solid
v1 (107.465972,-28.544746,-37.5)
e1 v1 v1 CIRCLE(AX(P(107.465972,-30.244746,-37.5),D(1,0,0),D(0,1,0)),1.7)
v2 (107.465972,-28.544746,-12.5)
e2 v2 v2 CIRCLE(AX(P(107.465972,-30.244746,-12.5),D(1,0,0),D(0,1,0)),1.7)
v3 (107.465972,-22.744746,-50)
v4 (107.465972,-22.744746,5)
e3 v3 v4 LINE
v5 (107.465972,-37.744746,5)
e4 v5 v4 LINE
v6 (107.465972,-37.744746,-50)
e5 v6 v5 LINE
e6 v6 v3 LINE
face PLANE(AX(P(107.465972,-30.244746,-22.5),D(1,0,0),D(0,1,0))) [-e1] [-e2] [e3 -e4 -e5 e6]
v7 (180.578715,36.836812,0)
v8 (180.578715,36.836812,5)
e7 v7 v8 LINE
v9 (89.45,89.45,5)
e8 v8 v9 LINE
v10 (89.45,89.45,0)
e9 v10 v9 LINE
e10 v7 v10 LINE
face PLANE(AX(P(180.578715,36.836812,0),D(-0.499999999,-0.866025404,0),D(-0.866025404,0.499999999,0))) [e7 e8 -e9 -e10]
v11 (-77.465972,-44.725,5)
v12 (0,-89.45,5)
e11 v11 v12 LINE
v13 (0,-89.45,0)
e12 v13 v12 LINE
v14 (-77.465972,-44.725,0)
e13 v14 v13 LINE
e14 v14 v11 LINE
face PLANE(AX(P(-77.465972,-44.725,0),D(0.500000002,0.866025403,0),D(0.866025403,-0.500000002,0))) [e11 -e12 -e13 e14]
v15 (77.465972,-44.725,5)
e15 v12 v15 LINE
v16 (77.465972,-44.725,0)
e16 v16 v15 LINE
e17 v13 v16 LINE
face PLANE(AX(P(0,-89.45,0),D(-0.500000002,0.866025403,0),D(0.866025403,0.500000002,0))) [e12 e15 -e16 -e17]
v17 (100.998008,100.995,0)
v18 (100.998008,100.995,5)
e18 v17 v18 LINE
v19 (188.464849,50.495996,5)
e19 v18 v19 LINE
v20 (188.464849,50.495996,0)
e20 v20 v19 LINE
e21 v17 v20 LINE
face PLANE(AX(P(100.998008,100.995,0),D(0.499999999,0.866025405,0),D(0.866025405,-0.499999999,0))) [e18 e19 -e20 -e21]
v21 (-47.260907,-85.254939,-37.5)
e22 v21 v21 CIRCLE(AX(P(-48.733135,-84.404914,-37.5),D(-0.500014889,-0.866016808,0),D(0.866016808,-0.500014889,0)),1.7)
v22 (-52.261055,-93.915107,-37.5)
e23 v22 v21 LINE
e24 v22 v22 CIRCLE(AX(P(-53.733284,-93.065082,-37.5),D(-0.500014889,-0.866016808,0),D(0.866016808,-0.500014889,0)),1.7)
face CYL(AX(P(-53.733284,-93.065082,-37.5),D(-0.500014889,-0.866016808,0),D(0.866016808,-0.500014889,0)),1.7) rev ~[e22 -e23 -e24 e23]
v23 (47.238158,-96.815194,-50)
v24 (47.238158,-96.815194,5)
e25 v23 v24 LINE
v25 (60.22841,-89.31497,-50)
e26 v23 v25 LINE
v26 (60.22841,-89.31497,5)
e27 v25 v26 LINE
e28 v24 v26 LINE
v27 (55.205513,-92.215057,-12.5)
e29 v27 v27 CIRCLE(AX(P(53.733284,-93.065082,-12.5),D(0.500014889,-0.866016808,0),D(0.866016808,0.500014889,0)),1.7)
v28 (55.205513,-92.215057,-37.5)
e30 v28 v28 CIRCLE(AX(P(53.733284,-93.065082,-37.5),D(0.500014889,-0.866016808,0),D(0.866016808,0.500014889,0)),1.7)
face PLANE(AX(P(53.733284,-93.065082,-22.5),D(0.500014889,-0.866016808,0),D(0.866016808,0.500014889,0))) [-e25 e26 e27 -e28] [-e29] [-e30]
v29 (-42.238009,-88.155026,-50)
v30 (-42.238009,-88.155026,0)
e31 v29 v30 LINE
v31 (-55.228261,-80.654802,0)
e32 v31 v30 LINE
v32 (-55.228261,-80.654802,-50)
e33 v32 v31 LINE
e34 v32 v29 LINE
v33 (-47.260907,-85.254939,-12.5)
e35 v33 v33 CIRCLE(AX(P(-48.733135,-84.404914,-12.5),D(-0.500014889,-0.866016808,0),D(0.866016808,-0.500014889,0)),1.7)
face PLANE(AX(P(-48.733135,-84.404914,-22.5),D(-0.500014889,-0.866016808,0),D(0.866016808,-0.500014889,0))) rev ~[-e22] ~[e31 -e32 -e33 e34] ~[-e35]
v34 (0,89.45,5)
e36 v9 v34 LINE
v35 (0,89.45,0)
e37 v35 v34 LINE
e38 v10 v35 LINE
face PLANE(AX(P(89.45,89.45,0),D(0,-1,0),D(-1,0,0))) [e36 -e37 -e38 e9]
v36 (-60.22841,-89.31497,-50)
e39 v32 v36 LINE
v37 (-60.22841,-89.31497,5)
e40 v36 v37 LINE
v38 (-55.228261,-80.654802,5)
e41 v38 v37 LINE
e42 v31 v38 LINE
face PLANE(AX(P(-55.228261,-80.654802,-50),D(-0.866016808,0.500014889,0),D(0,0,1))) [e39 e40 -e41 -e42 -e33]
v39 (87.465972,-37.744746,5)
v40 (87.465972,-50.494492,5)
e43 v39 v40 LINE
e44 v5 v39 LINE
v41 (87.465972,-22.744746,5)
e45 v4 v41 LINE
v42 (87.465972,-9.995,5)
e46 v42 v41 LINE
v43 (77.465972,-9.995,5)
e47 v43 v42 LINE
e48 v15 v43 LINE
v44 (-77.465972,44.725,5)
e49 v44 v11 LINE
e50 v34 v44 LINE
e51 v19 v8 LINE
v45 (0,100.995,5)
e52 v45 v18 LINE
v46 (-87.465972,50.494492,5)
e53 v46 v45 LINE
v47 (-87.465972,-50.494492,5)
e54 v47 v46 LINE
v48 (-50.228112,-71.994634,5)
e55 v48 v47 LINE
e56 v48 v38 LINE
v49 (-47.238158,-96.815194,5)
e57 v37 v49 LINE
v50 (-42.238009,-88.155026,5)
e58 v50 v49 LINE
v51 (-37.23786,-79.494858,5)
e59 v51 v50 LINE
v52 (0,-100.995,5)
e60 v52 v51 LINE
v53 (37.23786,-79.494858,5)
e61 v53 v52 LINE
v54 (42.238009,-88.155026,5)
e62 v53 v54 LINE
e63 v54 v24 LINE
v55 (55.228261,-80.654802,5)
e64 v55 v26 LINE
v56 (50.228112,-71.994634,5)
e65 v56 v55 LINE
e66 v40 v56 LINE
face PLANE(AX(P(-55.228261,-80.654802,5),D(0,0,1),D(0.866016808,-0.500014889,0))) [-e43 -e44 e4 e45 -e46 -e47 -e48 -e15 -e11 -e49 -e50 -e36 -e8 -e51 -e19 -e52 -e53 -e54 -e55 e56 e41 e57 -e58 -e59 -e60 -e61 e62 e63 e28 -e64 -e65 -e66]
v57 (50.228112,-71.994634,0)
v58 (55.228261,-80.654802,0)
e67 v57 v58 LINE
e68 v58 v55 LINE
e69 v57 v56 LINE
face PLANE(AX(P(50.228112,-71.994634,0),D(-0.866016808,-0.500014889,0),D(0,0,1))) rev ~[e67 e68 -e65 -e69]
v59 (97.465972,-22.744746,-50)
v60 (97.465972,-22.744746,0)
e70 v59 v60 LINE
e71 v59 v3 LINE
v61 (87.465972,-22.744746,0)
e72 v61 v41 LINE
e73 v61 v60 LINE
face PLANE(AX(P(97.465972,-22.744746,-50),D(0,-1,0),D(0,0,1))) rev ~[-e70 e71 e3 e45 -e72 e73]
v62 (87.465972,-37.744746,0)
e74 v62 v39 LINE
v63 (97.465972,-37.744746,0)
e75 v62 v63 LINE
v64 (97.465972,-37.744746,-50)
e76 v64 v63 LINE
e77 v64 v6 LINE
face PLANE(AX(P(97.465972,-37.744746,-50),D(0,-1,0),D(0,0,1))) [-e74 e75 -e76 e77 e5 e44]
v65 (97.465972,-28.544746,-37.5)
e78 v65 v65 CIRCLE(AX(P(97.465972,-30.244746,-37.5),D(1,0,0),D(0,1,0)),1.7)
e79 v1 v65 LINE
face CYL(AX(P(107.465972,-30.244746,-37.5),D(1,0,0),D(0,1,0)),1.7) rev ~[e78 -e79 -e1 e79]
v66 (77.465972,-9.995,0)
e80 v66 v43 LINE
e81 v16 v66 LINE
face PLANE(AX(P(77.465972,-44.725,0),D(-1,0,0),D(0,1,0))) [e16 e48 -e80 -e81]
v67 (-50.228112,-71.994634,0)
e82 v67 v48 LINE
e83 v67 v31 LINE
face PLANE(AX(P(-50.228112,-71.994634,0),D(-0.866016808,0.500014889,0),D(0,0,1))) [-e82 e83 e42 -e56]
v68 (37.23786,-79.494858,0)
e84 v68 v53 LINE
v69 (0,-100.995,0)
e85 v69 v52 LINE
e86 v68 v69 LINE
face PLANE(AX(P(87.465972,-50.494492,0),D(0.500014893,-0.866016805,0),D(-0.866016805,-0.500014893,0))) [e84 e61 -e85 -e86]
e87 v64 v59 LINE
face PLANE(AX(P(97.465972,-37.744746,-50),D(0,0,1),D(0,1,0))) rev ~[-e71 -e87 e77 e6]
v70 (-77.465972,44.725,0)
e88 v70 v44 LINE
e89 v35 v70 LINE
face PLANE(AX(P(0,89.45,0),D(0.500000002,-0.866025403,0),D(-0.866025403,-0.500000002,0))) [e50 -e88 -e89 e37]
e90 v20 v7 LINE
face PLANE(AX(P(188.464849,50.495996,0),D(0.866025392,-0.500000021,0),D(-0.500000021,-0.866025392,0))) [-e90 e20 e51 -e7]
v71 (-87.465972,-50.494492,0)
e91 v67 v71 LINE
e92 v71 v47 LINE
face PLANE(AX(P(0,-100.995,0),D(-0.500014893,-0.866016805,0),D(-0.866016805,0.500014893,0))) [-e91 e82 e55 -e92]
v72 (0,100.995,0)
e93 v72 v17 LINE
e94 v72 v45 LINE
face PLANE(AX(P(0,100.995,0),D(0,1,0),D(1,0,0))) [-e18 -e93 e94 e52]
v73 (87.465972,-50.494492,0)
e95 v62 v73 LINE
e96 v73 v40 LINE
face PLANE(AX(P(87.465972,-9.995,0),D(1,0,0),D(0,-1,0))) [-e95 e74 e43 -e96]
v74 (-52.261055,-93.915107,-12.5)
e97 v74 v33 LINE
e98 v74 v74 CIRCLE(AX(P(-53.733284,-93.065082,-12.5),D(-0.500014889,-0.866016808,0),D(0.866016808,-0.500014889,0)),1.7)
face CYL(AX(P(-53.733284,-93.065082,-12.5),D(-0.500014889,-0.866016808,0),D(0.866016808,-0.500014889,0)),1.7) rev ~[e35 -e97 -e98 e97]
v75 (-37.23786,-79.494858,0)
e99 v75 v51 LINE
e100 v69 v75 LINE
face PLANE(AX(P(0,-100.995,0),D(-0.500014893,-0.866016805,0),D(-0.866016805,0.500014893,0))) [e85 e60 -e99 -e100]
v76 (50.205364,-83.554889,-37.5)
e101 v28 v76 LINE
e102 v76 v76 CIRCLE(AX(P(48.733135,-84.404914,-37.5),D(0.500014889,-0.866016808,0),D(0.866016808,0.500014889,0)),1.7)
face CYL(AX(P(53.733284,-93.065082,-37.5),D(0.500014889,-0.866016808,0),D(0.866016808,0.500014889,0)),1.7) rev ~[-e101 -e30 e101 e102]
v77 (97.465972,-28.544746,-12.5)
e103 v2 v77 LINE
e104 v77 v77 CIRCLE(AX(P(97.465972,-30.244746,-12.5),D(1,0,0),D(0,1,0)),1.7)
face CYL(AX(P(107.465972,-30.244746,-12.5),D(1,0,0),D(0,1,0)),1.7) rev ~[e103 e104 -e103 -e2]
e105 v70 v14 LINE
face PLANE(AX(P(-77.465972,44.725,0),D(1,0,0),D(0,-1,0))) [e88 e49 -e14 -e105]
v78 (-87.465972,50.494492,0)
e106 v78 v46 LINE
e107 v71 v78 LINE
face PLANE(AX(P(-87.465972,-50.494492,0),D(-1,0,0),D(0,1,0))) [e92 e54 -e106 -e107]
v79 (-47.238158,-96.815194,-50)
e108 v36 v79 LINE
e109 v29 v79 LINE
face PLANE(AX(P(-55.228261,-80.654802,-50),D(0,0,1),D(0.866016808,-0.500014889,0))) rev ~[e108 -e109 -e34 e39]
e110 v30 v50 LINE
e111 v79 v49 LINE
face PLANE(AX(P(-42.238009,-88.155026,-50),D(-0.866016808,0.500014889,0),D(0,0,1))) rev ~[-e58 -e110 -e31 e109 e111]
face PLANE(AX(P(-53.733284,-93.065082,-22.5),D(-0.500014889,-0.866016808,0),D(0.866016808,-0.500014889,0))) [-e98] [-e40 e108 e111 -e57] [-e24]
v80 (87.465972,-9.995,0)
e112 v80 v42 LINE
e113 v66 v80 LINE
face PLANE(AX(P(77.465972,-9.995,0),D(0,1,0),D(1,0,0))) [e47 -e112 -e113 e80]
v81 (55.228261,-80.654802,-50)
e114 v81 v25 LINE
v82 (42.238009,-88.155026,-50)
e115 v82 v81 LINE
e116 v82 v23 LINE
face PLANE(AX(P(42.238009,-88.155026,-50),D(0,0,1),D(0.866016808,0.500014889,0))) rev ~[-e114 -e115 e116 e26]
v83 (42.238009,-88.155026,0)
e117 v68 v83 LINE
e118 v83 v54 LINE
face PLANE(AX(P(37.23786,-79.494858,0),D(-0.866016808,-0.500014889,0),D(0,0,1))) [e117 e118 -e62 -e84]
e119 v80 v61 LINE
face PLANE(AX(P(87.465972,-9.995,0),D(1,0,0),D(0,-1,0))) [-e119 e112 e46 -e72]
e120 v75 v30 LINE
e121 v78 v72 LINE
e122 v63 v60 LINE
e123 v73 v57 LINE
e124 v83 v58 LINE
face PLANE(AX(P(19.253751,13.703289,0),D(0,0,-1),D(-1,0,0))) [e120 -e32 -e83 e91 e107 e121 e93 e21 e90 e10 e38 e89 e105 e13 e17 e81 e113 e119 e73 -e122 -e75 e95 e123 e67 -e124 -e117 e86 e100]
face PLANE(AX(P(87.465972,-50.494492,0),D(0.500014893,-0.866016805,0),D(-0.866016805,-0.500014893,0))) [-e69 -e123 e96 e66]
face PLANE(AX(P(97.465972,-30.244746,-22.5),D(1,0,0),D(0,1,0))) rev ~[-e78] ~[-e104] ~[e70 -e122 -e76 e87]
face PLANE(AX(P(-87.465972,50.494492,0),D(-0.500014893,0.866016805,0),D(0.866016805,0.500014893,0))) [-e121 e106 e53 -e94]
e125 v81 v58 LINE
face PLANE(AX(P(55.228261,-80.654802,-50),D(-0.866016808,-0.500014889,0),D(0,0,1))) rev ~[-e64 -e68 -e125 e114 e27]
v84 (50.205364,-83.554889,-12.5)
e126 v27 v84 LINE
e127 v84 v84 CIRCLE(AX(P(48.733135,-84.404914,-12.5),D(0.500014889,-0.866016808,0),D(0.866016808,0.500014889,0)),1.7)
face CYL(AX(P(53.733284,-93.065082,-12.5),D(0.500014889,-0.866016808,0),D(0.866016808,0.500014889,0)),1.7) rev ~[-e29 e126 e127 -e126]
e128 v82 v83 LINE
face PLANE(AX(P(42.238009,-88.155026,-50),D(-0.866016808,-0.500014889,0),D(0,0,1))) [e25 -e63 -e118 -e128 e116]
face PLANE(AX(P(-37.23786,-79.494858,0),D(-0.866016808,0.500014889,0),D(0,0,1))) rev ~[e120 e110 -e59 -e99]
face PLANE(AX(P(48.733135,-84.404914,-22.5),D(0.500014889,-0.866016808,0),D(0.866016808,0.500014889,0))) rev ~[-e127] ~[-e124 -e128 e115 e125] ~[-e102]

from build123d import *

# Parameters (mm, degrees)
PAD_DEPTH      = 5
SKETCH001_W    = 15
SKETCH001_H    = 5
PAD001_DEPTH   = 10
SKETCH002_W    = 15
SKETCH002_H    = 5
PAD002_DEPTH   = 10
SKETCH003_W    = 15
SKETCH003_H    = 5
PAD003_DEPTH   = 10
SKETCH004_W    = 15
SKETCH004_H    = 55
PAD004_DEPTH   = 10
SKETCH005_R    = 1.7
HOLE_DEPTH     = 25
HOLE_TIPS_R    = 1.7
SKETCH006_W    = 15
SKETCH006_H    = 55
PAD005_DEPTH   = 10
SKETCH007_R    = 1.7
HOLE001_DEPTH  = 25
HOLE001_TIPS_R = 1.7
SKETCH008_W    = 15
SKETCH008_H    = 55
PAD006_DEPTH   = 10
SKETCH009_R    = 1.7
HOLE002_DEPTH  = 25
HOLE002_TIPS_R = 1.7


with BuildPart() as part:
    # Sketch → Pad (new body)
    with BuildSketch(Plane.XY):
        Polygon((77.465972, -44.725), (77.465972, -9.995), (87.465972, -9.995), (87.465972, -50.494492), (0, -100.995), (-87.465972, -50.494492), (-87.465972, 50.494492), (0, 100.995), (100.998008, 100.995), (188.464849, 50.495996), (180.578715, 36.836812), (89.45, 89.45), (0, 89.45), (-77.465972, 44.725), (-77.465972, -44.725), (0, -89.45), align=None)
    extrude(amount=PAD_DEPTH)

    # Sketch001 (on Face12 of Pad) → Pad001 (join)
    with BuildSketch(Plane.YZ.offset(87.465972)):
        with Locations((-30.244746, 2.5)):
            Rectangle(SKETCH001_W, SKETCH001_H)
    extrude(amount=PAD001_DEPTH)

    # Sketch002 (on Face19 of Pad001) → Pad002 (join)
    with BuildSketch(Plane(origin=(43.732986, -75.744746, 0), x_dir=(0.866017, 0.500015, 0), z_dir=(0.500015, -0.866017, 0))):
        with Locations((0, 2.5)):
            Rectangle(SKETCH002_W, SKETCH002_H)
    extrude(amount=PAD002_DEPTH)

    # Sketch003 (on Face22 of Pad002) → Pad003 (join)
    with BuildSketch(Plane(origin=(-43.732986, -75.744746, 0), x_dir=(0.866017, -0.500015, 0), z_dir=(-0.500015, -0.866017, 0))):
        with Locations((0, 2.5)):
            Rectangle(SKETCH003_W, SKETCH003_H)
    extrude(amount=PAD003_DEPTH)

    # Sketch004 (on Face30 of Pad003) → Pad004 (join)
    with BuildSketch(Plane.YZ.offset(97.465972)):
        with Locations((-30.244746, -22.5)):
            Rectangle(SKETCH004_W, SKETCH004_H)
    extrude(amount=PAD004_DEPTH)

    # Sketch005 (on Face41 of Pad004) → Hole (cut)
    with BuildSketch(Plane.YZ.offset(107.465972)):
        with Locations((-30.244746, -37.5)):
            Circle(SKETCH005_R)
        with Locations((-30.244746, -12.5)):
            Circle(SKETCH005_R)
    extrude(amount=-HOLE_DEPTH, mode=Mode.SUBTRACT)

    # Hole tips → Hole tip 1 section 0
    with BuildSketch(Plane.YZ.offset(82.465972), mode=Mode.PRIVATE) as hole_tip_1_s0:
        with Locations((-30.244746, -37.5)):
            Circle(HOLE_TIPS_R)
    loft([hole_tip_1_s0.sketch, Vertex(81.444509, -30.244746, -37.5)], mode=Mode.SUBTRACT)

    # Hole tips → Hole tip 2 section 0
    with BuildSketch(Plane.YZ.offset(82.465972), mode=Mode.PRIVATE) as hole_tip_2_s0:
        with Locations((-30.244746, -12.5)):
            Circle(HOLE_TIPS_R)
    loft([hole_tip_2_s0.sketch, Vertex(81.444509, -30.244746, -12.5)], mode=Mode.SUBTRACT)

    # Sketch006 (on Face33 of Hole) → Pad005 (join)
    with BuildSketch(Plane(origin=(48.733135, -84.404914, 0), x_dir=(0.866017, 0.500015, 0), z_dir=(0.500015, -0.866017, 0))):
        with Locations((0, -22.5)):
            Rectangle(SKETCH006_W, SKETCH006_H)
    extrude(amount=PAD005_DEPTH)

    # Sketch007 (on Face48 of Pad005) → Hole001 (cut)
    with BuildSketch(Plane(origin=(53.733284, -93.065082, 0), x_dir=(0.866017, 0.500015, 0), z_dir=(0.500015, -0.866017, 0))):
        with Locations((0, -37.5)):
            Circle(SKETCH007_R)
        with Locations((0, -12.5)):
            Circle(SKETCH007_R)
    extrude(amount=-HOLE001_DEPTH, mode=Mode.SUBTRACT)

    # Hole001 tips → Hole001 tip 1 section 0
    with BuildSketch(Plane(origin=(41.232912, -71.414662, 0), x_dir=(0.866017, 0.500015, 0), z_dir=(0.500015, -0.866017, 0)), mode=Mode.PRIVATE) as hole001_tip_1_s0:
        with Locations((0, -37.5)):
            Circle(HOLE001_TIPS_R)
    loft([hole001_tip_1_s0.sketch, Vertex(40.722165, -70.530058, -37.5)], mode=Mode.SUBTRACT)

    # Hole001 tips → Hole001 tip 2 section 0
    with BuildSketch(Plane(origin=(41.232912, -71.414662, 0), x_dir=(0.866017, 0.500015, 0), z_dir=(0.500015, -0.866017, 0)), mode=Mode.PRIVATE) as hole001_tip_2_s0:
        with Locations((0, -12.5)):
            Circle(HOLE001_TIPS_R)
    loft([hole001_tip_2_s0.sketch, Vertex(40.722165, -70.530058, -12.5)], mode=Mode.SUBTRACT)

    # Sketch008 (on Face36 of Hole001) → Pad006 (join)
    with BuildSketch(Plane(origin=(-48.733135, -84.404914, 0), x_dir=(0.866017, -0.500015, 0), z_dir=(-0.500015, -0.866017, 0))):
        with Locations((0, -22.5)):
            Rectangle(SKETCH008_W, SKETCH008_H)
    extrude(amount=PAD006_DEPTH)

    # Sketch009 (on Face55 of Pad006) → Hole002 (cut)
    with BuildSketch(Plane(origin=(-53.733284, -93.065082, 0), x_dir=(0.866017, -0.500015, 0), z_dir=(-0.500015, -0.866017, 0))):
        with Locations((0, -12.5)):
            Circle(SKETCH009_R)
        with Locations((0, -37.5)):
            Circle(SKETCH009_R)
    extrude(amount=-HOLE002_DEPTH, mode=Mode.SUBTRACT)

    # Hole002 tips → Hole002 tip 1 section 0
    with BuildSketch(Plane(origin=(-41.232912, -71.414662, 0), x_dir=(0.866017, -0.500015, 0), z_dir=(-0.500015, -0.866017, 0)), mode=Mode.PRIVATE) as hole002_tip_1_s0:
        with Locations((0, -12.5)):
            Circle(HOLE002_TIPS_R)
    loft([hole002_tip_1_s0.sketch, Vertex(-40.722165, -70.530058, -12.5)], mode=Mode.SUBTRACT)

    # Hole002 tips → Hole002 tip 2 section 0
    with BuildSketch(Plane(origin=(-41.232912, -71.414662, 0), x_dir=(0.866017, -0.500015, 0), z_dir=(-0.500015, -0.866017, 0)), mode=Mode.PRIVATE) as hole002_tip_2_s0:
        with Locations((0, -37.5)):
            Circle(HOLE002_TIPS_R)
    loft([hole002_tip_2_s0.sketch, Vertex(-40.722165, -70.530058, -37.5)], mode=Mode.SUBTRACT)


solid = part.part
